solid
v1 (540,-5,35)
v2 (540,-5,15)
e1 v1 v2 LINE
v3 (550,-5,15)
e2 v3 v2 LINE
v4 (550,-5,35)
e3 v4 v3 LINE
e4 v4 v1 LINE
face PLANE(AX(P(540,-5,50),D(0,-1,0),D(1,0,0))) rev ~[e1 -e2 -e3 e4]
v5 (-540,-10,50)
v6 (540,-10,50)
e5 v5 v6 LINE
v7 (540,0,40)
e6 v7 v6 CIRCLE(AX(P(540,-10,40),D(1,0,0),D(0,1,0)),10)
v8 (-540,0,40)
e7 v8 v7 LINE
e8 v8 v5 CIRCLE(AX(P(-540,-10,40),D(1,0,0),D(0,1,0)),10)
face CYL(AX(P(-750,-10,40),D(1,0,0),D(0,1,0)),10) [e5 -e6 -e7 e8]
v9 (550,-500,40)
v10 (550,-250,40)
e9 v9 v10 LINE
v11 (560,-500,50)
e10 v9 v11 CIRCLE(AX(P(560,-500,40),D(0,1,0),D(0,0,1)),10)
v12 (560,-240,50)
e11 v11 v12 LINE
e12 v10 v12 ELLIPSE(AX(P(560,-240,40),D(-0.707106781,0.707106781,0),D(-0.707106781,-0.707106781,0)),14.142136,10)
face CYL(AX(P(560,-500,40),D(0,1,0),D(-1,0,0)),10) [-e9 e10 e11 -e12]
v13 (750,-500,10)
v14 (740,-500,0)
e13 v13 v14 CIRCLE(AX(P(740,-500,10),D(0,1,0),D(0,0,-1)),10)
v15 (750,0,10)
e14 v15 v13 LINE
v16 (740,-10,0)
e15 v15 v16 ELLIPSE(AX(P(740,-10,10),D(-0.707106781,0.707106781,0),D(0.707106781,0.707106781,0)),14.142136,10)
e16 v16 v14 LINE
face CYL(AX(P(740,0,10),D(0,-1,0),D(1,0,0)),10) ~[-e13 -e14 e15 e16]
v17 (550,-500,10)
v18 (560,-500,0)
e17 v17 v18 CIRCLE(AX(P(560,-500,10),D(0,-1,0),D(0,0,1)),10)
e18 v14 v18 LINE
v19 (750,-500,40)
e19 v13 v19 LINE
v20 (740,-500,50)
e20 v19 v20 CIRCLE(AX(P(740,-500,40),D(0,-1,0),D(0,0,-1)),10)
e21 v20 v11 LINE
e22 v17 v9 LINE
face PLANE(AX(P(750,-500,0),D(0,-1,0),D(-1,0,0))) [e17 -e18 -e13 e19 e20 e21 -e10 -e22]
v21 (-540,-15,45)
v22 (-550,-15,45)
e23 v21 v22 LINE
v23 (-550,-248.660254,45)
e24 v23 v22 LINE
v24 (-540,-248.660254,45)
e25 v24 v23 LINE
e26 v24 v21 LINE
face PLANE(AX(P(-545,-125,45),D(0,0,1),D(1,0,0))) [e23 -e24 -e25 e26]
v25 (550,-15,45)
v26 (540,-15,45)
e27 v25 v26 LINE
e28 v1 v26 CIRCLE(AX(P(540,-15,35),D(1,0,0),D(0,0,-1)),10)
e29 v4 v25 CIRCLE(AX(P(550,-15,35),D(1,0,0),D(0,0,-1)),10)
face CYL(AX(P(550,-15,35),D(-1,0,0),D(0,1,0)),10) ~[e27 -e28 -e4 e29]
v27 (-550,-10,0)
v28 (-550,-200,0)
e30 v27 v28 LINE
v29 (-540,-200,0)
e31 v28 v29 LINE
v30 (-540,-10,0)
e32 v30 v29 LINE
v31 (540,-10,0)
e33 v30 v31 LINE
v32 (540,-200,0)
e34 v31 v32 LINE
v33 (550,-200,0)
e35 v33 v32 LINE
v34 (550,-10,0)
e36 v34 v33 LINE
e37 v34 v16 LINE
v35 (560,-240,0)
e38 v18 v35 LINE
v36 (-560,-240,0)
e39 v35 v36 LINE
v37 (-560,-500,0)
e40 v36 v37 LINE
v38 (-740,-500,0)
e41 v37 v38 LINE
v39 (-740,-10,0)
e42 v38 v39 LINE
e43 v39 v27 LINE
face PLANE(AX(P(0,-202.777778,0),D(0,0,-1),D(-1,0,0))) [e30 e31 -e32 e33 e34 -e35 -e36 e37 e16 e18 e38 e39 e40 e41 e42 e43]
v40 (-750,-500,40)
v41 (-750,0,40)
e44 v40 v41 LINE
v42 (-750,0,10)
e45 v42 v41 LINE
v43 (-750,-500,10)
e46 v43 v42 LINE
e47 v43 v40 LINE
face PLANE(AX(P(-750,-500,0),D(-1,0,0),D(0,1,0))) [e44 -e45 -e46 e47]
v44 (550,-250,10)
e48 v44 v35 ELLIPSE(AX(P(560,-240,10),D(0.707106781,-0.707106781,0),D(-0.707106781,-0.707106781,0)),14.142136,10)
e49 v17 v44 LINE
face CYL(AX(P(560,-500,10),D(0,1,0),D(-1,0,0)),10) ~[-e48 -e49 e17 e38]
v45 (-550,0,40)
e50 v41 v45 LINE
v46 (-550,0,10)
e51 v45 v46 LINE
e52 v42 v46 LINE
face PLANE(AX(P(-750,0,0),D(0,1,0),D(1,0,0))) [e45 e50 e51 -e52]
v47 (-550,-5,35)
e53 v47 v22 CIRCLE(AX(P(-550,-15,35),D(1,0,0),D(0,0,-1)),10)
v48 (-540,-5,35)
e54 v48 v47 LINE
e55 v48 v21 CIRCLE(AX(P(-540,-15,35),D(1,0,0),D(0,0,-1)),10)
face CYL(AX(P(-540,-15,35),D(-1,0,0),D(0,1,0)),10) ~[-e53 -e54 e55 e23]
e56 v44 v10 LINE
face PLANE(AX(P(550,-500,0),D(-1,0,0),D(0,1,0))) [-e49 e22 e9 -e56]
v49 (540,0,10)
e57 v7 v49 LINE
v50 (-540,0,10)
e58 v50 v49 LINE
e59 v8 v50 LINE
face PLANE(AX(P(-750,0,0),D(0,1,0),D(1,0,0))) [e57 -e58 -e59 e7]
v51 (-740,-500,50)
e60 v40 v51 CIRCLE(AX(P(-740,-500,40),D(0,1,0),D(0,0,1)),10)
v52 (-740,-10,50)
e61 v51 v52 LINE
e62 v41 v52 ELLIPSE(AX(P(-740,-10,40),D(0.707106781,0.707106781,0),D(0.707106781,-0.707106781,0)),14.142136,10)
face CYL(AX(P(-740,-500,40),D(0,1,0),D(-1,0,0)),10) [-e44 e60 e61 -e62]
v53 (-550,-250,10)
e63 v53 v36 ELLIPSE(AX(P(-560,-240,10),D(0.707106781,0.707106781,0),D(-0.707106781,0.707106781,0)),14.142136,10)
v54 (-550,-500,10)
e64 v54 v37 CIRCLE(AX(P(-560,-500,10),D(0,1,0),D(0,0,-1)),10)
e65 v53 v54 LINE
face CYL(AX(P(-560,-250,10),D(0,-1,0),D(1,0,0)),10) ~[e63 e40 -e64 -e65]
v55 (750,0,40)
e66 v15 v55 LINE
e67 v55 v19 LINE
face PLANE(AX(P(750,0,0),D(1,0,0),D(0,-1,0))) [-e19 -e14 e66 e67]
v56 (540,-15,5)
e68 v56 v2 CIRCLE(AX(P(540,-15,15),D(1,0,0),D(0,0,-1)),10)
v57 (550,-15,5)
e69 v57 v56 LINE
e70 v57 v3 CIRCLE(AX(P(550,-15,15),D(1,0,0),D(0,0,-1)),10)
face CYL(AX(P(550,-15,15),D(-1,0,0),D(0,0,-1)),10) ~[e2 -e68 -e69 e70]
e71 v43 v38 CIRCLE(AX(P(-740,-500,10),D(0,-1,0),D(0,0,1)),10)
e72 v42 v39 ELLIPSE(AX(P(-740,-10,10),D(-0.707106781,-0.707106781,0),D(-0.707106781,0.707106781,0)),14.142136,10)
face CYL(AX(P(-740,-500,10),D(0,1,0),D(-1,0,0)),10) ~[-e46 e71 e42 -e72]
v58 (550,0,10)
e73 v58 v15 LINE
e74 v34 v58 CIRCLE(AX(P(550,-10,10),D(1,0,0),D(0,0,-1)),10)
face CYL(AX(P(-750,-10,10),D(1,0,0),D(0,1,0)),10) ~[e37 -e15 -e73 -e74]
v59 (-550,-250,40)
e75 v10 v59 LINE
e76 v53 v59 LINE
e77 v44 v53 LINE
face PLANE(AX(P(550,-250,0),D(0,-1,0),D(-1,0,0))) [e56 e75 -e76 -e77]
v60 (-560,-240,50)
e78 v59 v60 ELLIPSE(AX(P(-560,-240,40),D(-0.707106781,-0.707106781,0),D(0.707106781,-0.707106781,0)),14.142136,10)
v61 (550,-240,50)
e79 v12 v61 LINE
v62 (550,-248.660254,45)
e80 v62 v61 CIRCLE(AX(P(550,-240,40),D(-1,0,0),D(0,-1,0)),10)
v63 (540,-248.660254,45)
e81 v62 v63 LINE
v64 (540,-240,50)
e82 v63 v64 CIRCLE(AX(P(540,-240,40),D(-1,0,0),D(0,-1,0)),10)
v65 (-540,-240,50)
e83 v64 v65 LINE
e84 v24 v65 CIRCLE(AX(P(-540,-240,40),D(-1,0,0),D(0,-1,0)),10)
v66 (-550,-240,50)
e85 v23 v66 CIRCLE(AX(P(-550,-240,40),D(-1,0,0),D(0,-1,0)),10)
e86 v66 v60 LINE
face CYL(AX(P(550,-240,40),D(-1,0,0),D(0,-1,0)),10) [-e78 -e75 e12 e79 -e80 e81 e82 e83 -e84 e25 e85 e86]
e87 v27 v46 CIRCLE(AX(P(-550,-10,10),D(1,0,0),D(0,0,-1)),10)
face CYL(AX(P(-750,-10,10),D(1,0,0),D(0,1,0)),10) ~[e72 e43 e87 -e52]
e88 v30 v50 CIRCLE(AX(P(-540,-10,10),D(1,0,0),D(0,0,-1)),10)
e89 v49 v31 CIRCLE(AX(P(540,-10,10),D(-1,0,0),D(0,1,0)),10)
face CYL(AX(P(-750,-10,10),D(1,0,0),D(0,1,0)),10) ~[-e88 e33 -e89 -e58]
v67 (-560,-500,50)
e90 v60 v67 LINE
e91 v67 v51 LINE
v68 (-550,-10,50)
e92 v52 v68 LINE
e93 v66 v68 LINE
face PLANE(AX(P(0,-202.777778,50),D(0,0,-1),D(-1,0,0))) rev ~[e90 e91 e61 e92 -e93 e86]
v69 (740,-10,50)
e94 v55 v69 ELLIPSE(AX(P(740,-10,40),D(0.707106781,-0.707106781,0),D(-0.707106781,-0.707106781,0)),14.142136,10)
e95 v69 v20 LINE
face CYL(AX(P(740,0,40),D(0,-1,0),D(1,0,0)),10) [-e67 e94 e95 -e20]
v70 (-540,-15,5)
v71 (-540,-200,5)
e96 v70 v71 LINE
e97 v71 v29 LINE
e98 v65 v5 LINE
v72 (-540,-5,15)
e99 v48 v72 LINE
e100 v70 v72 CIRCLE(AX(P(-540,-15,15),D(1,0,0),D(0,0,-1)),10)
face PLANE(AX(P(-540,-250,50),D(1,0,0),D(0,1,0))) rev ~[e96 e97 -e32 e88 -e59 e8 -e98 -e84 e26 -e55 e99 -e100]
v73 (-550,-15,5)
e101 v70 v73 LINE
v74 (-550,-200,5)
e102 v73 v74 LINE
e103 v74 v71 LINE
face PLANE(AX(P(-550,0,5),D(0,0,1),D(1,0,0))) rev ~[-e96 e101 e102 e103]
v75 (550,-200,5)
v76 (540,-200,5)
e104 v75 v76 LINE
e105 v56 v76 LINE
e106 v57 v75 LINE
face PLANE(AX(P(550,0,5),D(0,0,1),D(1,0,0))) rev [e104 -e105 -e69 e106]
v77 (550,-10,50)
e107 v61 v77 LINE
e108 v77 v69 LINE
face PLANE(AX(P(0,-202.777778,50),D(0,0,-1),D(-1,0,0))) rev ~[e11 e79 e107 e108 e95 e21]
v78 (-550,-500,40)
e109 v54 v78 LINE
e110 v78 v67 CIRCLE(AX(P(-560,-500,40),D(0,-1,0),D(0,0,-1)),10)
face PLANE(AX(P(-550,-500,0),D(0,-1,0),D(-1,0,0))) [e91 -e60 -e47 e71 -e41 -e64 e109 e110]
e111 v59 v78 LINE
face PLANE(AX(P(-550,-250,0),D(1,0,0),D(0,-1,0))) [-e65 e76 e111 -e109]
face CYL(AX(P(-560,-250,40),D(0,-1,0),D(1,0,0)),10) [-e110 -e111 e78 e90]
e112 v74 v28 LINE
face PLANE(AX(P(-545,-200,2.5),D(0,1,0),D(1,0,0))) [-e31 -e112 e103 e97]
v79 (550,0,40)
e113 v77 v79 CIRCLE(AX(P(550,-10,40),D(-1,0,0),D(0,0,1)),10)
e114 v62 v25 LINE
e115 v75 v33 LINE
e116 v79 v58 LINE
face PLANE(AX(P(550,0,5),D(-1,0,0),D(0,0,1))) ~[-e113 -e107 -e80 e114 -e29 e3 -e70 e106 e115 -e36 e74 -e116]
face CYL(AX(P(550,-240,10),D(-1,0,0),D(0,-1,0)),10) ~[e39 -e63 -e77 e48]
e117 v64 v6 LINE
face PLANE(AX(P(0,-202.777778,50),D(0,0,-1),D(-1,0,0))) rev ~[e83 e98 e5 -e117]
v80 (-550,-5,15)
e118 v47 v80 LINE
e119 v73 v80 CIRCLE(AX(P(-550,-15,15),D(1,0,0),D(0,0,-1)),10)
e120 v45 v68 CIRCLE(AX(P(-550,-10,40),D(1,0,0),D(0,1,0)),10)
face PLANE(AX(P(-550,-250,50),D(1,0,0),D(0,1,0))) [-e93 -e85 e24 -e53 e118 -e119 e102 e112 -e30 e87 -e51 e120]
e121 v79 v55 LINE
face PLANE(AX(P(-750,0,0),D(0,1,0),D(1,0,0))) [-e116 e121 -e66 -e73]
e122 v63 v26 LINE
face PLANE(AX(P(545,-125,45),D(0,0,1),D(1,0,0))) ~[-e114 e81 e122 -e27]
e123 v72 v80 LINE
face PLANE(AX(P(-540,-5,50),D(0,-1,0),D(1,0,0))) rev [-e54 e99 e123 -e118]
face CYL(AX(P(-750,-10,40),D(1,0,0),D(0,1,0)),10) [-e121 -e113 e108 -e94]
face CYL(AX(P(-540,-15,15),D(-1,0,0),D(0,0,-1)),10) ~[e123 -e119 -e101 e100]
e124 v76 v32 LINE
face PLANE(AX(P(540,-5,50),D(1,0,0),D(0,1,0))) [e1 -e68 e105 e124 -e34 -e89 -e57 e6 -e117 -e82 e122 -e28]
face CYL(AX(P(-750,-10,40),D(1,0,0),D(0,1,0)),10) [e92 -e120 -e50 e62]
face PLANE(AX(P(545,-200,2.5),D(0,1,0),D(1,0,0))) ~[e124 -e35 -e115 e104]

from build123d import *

# Parameters (mm, degrees)
BOSS_EXTRUDE1_DEPTH = 50
FILLET1_R           = 10
SKETCH2_W           = 10
SKETCH2_H           = 250
CUT_EXTRUDE4_DEPTH  = 5
SKETCH5_W           = 10
SKETCH5_H           = 5
CUT_EXTRUDE16_DEPTH = 200
SKETCH6_W           = 10
SKETCH6_H           = 5
CUT_EXTRUDE17_DEPTH = 50
FILLET2_R           = 10
FILLET3_R           = 10


with BuildPart() as part:
    # Sketch1 → Boss-Extrude1 (new body)
    with BuildSketch(Plane.XY):
        Polygon((-750, 0), (750, 0), (750, -500), (550, -500), (550, -250), (-550, -250), (-550, -500), (-750, -500), align=None)
    extrude(amount=BOSS_EXTRUDE1_DEPTH)

    # Fillet1
    fillet1_edges = [part.edges().sort_by_distance(p)[0] for p in [
        (0, -250, 0),
        (-550, -375, 0),
        (-750, -250, 0),
        (-550, -375, 50),
        (0, -250, 50),
        (550, -375, 50),
        (750, -250, 50),
        (0, 0, 50),
        (-750, -250, 50),
        (0, 0, 0),
        (750, -250, 0),
        (550, -375, 0),
    ]]
    fillet(fillet1_edges, radius=FILLET1_R)

    # Sketch2 → Cut-Extrude4 (cut)
    with BuildSketch(Plane.XY.offset(50)):
        with Locations((-545, -125)):
            Rectangle(SKETCH2_W, SKETCH2_H)
    cut_extrude4 = extrude(amount=-CUT_EXTRUDE4_DEPTH, mode=Mode.SUBTRACT)

    # Mirror1: Cut-Extrude4 across plane
    add(cut_extrude4.mirror(Plane(origin=(0, 0, 0), x_dir=(0, 0, 1), z_dir=(1, 0, 0))), mode=Mode.SUBTRACT)

    # Sketch5 → Cut-Extrude16 (cut)
    with BuildSketch(Plane(origin=(0, 0, 0), x_dir=(1, 0, 0), z_dir=(0, 1, 0))):
        with Locations((-545, -2.5)):
            Rectangle(SKETCH5_W, SKETCH5_H)
    cut_extrude16 = extrude(amount=-CUT_EXTRUDE16_DEPTH, mode=Mode.SUBTRACT)

    # Mirror5: Cut-Extrude16 across plane
    add(cut_extrude16.mirror(Plane(origin=(0, 0, 0), x_dir=(0, 0, 1), z_dir=(1, 0, 0))), mode=Mode.SUBTRACT)

    # Sketch6 → Cut-Extrude17 (cut)
    with BuildSketch(Plane.XY.offset(50)):
        with Locations((545, -2.5)):
            Rectangle(SKETCH6_W, SKETCH6_H)
    cut_extrude17 = extrude(amount=-CUT_EXTRUDE17_DEPTH, mode=Mode.SUBTRACT)

    # Fillet2
    fillet2_edges = [part.edges().sort_by_distance(p)[0] for p in [
        (545, -5, 45),
        (545, -5, 5),
    ]]
    fillet(fillet2_edges, radius=FILLET2_R)

    # Mirror8: Cut-Extrude17 across plane
    add(cut_extrude17.mirror(Plane(origin=(0, 0, 0), x_dir=(0, 0, 1), z_dir=(1, 0, 0))), mode=Mode.SUBTRACT)

    # Fillet3
    fillet3_edges = [part.edges().sort_by_distance(p)[0] for p in [
        (-545, -5, 5),
        (-545, -5, 45),
    ]]
    fillet(fillet3_edges, radius=FILLET3_R)


solid = part.part
